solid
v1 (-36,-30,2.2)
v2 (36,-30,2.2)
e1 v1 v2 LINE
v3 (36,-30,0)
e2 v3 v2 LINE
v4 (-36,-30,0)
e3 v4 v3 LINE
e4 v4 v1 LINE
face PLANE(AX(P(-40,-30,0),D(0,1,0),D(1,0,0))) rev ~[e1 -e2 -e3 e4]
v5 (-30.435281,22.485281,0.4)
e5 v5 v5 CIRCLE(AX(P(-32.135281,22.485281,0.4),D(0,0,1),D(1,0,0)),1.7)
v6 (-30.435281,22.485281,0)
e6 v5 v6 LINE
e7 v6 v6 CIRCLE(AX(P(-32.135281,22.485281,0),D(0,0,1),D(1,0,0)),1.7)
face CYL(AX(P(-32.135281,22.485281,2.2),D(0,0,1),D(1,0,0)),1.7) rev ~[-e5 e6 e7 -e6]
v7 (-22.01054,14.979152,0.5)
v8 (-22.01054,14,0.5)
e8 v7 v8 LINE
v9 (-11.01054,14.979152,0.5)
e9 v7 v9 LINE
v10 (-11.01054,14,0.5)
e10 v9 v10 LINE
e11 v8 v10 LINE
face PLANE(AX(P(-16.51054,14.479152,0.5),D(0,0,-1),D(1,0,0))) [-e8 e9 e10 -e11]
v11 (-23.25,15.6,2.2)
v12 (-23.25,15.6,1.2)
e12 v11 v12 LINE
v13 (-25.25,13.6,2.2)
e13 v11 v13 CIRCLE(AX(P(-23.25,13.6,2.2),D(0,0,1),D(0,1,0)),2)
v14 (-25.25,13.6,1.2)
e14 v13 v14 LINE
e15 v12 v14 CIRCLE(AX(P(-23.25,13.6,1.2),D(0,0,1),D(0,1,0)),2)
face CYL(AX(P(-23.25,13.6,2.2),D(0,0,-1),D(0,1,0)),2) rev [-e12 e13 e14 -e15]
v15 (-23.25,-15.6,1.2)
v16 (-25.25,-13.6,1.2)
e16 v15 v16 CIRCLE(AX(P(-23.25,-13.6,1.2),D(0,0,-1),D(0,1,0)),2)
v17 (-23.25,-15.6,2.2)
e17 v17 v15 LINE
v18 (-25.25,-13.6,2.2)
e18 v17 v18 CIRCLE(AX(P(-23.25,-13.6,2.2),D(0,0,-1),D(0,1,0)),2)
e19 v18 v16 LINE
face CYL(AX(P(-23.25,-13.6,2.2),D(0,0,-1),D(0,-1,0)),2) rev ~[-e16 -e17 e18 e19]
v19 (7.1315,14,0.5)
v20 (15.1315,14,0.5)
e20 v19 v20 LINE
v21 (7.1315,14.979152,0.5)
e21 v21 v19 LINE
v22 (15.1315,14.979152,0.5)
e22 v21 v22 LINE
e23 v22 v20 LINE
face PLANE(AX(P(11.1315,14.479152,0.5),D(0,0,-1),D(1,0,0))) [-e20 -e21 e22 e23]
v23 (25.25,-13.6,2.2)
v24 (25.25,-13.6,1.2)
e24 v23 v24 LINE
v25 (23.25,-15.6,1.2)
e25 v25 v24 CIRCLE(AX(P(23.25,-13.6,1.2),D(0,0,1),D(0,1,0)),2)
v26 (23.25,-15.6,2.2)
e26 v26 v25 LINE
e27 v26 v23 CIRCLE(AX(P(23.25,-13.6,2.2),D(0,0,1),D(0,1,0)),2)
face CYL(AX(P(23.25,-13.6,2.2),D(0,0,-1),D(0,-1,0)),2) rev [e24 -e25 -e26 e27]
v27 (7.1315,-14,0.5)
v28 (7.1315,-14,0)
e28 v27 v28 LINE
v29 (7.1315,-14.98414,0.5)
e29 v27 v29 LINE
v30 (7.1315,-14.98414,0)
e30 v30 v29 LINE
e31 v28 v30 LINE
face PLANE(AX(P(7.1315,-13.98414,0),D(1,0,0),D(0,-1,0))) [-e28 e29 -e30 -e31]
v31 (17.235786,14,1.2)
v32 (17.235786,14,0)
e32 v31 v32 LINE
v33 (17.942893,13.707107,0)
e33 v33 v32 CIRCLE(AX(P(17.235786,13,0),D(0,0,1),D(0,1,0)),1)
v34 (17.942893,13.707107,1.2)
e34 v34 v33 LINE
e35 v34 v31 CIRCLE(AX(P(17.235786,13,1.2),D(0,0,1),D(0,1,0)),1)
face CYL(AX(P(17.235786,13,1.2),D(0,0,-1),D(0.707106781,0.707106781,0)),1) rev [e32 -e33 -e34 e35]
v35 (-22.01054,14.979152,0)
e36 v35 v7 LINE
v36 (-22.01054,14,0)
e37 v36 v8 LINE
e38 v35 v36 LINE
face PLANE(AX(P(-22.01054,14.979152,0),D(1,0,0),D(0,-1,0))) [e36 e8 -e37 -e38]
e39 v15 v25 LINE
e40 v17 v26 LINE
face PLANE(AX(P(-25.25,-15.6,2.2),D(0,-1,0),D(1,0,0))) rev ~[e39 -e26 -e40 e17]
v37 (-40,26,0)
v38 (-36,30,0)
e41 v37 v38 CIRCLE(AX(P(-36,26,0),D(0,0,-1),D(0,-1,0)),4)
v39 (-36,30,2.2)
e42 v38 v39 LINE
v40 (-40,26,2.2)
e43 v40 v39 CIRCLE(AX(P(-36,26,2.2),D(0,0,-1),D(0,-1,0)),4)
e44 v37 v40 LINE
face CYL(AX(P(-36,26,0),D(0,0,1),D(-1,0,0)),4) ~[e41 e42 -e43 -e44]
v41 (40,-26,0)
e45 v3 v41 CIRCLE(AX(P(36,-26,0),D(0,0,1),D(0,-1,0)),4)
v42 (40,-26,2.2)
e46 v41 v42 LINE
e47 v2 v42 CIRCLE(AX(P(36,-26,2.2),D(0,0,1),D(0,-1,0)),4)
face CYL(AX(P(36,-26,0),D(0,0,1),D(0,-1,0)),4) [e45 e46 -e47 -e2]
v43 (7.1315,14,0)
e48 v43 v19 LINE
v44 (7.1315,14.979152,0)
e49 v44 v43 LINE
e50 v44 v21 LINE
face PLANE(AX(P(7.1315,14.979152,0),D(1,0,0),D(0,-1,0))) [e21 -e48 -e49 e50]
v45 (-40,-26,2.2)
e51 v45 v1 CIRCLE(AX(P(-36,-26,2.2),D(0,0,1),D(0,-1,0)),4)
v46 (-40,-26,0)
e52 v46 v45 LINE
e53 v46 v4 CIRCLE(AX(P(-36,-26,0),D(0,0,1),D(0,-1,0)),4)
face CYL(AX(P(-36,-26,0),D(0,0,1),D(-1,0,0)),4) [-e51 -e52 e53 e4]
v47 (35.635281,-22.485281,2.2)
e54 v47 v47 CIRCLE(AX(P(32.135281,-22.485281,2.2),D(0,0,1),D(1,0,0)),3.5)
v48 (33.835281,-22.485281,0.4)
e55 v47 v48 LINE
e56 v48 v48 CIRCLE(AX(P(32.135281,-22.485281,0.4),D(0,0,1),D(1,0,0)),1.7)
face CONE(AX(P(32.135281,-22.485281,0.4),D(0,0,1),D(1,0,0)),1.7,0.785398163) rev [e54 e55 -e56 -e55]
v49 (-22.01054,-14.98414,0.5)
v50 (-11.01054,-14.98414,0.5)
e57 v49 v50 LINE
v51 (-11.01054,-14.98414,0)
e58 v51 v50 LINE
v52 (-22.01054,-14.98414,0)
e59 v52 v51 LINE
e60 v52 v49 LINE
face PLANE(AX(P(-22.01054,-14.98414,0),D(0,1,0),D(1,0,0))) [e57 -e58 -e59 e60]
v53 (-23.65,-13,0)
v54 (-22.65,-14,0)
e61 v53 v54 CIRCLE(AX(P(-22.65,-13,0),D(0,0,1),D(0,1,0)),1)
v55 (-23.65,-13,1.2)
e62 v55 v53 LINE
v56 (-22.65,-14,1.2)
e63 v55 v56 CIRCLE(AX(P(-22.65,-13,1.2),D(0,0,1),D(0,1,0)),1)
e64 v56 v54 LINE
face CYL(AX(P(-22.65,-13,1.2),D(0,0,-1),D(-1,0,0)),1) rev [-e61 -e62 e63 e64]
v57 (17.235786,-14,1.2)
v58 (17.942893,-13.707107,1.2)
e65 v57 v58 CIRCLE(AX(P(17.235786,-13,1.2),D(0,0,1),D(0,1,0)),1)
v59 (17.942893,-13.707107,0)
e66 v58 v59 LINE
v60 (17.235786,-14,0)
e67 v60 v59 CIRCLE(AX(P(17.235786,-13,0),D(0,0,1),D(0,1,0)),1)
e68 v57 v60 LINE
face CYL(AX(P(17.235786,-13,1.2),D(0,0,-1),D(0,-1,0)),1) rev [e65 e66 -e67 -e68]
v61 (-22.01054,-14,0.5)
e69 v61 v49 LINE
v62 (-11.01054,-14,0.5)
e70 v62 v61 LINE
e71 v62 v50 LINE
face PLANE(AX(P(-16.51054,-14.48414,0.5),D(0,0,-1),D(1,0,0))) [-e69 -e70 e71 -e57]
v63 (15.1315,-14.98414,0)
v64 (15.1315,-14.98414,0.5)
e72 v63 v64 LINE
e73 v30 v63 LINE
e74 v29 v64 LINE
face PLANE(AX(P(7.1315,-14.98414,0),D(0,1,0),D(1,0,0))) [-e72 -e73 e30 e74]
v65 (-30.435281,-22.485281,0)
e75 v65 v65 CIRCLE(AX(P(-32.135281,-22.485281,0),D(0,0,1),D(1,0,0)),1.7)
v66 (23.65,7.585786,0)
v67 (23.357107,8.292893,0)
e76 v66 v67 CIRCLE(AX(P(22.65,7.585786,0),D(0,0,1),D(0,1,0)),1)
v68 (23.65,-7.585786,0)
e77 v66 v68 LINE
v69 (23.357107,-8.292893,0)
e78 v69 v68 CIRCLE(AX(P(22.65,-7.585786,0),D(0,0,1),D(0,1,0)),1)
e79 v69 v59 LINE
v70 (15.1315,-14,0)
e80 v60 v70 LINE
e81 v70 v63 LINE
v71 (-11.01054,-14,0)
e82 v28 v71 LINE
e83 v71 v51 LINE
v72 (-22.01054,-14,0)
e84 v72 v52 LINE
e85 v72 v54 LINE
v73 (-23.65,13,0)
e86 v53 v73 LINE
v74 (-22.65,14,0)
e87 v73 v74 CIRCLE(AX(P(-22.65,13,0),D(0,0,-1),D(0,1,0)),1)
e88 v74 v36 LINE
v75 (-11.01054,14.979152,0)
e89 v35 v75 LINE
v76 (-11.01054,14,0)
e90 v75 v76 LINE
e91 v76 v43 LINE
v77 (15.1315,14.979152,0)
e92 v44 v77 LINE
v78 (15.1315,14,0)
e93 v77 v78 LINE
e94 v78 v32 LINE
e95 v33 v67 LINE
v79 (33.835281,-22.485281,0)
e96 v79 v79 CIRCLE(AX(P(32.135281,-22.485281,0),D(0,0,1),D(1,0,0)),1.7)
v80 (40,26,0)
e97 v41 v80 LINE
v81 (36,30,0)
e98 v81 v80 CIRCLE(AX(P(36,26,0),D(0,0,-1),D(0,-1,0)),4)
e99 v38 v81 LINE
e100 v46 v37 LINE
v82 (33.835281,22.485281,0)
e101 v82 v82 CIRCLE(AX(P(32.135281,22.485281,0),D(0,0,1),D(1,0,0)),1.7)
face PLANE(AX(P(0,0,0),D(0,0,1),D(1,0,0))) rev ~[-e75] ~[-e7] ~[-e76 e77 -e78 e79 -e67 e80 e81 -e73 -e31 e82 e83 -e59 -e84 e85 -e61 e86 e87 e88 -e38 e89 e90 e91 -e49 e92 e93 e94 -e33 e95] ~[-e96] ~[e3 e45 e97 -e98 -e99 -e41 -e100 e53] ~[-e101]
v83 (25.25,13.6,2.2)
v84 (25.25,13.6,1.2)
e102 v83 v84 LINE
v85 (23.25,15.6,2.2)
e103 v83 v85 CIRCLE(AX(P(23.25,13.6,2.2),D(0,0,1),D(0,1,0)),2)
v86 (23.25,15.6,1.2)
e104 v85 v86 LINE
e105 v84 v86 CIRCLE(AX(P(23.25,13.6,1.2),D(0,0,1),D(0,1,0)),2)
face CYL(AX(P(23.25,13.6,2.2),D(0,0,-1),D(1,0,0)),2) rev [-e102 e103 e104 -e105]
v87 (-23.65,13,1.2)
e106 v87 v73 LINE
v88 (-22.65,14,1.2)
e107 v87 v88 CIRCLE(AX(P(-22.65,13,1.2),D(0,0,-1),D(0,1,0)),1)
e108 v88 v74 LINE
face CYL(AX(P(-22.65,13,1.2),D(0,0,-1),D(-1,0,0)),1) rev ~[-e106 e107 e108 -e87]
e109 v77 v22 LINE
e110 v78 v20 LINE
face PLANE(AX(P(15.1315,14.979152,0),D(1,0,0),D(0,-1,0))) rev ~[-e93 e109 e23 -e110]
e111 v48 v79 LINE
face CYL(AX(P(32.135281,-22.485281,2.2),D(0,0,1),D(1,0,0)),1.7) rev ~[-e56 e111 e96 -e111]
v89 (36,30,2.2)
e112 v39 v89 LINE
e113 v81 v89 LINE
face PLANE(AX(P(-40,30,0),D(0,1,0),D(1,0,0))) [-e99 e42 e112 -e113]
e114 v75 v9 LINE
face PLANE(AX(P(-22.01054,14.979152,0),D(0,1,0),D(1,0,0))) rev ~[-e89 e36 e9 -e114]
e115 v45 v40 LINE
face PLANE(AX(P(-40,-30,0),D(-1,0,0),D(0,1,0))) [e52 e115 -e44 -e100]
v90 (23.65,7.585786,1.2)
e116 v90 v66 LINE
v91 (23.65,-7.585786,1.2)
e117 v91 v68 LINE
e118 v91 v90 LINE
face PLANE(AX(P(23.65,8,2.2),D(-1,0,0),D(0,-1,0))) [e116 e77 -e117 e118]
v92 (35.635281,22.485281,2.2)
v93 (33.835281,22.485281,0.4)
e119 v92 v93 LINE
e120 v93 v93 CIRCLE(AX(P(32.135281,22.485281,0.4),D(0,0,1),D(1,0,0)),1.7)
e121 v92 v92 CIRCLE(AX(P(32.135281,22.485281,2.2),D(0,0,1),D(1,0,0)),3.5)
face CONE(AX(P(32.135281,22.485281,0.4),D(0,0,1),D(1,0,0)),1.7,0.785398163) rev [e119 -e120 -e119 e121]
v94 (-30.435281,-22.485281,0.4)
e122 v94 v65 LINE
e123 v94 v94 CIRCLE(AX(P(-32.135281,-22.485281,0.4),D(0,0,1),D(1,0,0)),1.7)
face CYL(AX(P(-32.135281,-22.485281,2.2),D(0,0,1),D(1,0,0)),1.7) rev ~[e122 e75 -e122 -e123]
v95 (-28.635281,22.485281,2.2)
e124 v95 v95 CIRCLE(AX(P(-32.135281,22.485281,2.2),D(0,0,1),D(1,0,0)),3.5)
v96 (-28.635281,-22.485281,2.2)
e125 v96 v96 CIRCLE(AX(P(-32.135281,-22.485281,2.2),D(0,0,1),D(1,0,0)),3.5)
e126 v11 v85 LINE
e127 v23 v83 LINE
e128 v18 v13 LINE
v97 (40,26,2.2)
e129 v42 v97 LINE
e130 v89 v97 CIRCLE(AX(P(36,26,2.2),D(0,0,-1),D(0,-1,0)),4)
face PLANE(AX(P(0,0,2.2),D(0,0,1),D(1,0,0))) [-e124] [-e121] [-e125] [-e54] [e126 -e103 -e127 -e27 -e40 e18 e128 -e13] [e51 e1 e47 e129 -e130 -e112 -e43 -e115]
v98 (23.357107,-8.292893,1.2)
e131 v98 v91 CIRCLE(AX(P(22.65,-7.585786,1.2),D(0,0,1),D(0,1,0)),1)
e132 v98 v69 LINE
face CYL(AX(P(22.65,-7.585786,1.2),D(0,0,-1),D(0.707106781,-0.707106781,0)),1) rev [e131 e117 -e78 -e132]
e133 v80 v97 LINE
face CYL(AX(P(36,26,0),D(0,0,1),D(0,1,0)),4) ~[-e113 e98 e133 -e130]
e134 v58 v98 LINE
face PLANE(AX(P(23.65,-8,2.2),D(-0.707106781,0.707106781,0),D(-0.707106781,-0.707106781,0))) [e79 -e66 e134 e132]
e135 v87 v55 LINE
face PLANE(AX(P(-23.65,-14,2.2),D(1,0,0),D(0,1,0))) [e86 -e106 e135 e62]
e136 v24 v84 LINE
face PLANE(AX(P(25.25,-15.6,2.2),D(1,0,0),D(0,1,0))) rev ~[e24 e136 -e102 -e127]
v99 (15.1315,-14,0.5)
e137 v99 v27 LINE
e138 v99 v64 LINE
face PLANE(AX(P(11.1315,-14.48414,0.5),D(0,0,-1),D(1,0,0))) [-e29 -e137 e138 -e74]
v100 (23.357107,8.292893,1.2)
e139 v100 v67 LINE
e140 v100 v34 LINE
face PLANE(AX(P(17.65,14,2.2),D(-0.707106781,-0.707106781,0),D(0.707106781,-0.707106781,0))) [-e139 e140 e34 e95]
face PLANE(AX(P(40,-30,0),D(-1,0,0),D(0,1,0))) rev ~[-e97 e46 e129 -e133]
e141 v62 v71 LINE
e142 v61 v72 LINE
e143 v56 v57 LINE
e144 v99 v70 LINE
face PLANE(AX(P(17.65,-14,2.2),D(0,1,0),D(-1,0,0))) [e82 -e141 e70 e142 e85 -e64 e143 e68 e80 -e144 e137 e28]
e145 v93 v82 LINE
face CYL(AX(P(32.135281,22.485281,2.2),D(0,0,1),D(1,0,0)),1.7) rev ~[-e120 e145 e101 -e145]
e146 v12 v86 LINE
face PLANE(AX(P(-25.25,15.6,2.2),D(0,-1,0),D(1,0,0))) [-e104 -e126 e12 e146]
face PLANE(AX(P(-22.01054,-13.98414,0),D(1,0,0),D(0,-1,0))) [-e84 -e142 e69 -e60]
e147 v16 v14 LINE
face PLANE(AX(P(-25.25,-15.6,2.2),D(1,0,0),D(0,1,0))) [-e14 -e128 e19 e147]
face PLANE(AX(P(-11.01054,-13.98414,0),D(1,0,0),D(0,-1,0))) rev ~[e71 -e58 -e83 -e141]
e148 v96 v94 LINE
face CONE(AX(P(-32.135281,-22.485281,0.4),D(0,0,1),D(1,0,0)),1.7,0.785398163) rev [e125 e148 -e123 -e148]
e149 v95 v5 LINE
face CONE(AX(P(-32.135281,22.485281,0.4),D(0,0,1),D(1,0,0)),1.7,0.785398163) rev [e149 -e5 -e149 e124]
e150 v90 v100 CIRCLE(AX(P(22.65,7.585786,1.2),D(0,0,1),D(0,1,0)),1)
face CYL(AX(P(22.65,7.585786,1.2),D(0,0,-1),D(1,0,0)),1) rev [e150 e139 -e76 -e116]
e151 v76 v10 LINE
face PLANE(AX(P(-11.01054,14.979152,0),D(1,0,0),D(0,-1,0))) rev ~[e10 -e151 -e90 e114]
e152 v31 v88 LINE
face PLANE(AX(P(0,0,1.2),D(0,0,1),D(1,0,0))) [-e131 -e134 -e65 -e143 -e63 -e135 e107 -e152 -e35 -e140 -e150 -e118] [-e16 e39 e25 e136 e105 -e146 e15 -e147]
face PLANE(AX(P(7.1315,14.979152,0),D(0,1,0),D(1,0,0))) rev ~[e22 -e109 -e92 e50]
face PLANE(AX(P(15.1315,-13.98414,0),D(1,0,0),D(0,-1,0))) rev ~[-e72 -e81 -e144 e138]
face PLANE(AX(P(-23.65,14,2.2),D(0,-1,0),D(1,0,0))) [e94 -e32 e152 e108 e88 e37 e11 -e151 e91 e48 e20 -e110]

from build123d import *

# Parameters (mm, degrees)
SKETCH_W        = 80
SKETCH_H        = 60
PAD_DEPTH       = 2.2
POCKET_DEPTH    = 2.201
FILLET_R        = 4
SKETCH002_R     = 1.7
POCKET001_DEPTH = 2.201
SKETCH003_W     = 50.5
SKETCH003_H     = 31.2
POCKET002_DEPTH = 1
FILLET001_R     = 2
FILLET002_R     = 1
CHAMFER_SIZE    = 1.8
SKETCH004_W     = 11
SKETCH004_H     = 1
SKETCH004_W_2   = 8
POCKET003_DEPTH = 0.5


with BuildPart() as part:
    # Sketch → Pad (new body)
    with BuildSketch(Plane.XY):
        Rectangle(SKETCH_W, SKETCH_H)
    extrude(amount=PAD_DEPTH)

    # Sketch001 → Pocket (cut, through all)
    with BuildSketch(Plane.XY.offset(2.2)):
        Polygon((-23.65, 14), (17.65, 14), (23.65, 8), (23.65, -8), (17.65, -14), (-23.65, -14), align=None)
    extrude(amount=-POCKET_DEPTH, mode=Mode.SUBTRACT)

    # Fillet
    fillet_edges = [part.edges().sort_by_distance(p)[0] for p in [
        (-40, -30, 1.1),
        (-40, 30, 1.1),
        (40, -30, 1.1),
        (40, 30, 1.1),
    ]]
    fillet(fillet_edges, radius=FILLET_R)

    # Sketch002 → Pocket001 (cut, through all)
    with BuildSketch(Plane.XY.offset(2.2)):
        with Locations((-32.135281, 22.485281)):
            Circle(SKETCH002_R)
        with Locations((32.135281, 22.485281)):
            Circle(SKETCH002_R)
        with Locations((32.135281, -22.485281)):
            Circle(SKETCH002_R)
        with Locations((-32.135281, -22.485281)):
            Circle(SKETCH002_R)
    extrude(amount=-POCKET001_DEPTH, mode=Mode.SUBTRACT)

    # Sketch003 → Pocket002 (cut)
    with BuildSketch(Plane.XY.offset(2.2)):
        Rectangle(SKETCH003_W, SKETCH003_H)
    extrude(amount=-POCKET002_DEPTH, mode=Mode.SUBTRACT)

    # Fillet001
    fillet001_edges = [part.edges().sort_by_distance(p)[0] for p in [
        (-25.25, -15.6, 1.7),
        (25.25, -15.6, 1.7),
        (-25.25, 15.6, 1.7),
        (25.25, 15.6, 1.7),
    ]]
    fillet(fillet001_edges, radius=FILLET001_R)

    # Fillet002
    fillet002_edges = [part.edges().sort_by_distance(p)[0] for p in [
        (17.65, -14, 0.6),
        (-23.65, -14, 0.6),
        (23.65, -8, 0.6),
        (23.65, 8, 0.6),
        (-23.65, 14, 0.6),
        (17.65, 14, 0.6),
    ]]
    fillet(fillet002_edges, radius=FILLET002_R)

    # Chamfer
    chamfer_edges = [part.edges().sort_by_distance(p)[0] for p in [
        (-33.835281, 22.485281, 2.2),
        (30.435281, 22.485281, 2.2),
        (30.435281, -22.485281, 2.2),
        (-33.835281, -22.485281, 2.2),
    ]]
    chamfer(chamfer_edges, length=CHAMFER_SIZE)

    # Sketch004 → Pocket003 (cut)
    with BuildSketch(Plane(origin=(0, 0, 0), x_dir=(1, 0, 0), z_dir=(0, 0, -1))):
        with Locations((-16.51054, 14.48414)):
            Rectangle(SKETCH004_W, SKETCH004_H)
        with Locations((-16.51054, -14.479152)):
            Rectangle(SKETCH004_W, SKETCH004_H)
        with Locations((11.1315, 14.48414)):
            Rectangle(SKETCH004_W_2, SKETCH004_H)
        with Locations((11.1315, -14.479152)):
            Rectangle(SKETCH004_W_2, SKETCH004_H)
    extrude(amount=-POCKET003_DEPTH, mode=Mode.SUBTRACT)


solid = part.part
